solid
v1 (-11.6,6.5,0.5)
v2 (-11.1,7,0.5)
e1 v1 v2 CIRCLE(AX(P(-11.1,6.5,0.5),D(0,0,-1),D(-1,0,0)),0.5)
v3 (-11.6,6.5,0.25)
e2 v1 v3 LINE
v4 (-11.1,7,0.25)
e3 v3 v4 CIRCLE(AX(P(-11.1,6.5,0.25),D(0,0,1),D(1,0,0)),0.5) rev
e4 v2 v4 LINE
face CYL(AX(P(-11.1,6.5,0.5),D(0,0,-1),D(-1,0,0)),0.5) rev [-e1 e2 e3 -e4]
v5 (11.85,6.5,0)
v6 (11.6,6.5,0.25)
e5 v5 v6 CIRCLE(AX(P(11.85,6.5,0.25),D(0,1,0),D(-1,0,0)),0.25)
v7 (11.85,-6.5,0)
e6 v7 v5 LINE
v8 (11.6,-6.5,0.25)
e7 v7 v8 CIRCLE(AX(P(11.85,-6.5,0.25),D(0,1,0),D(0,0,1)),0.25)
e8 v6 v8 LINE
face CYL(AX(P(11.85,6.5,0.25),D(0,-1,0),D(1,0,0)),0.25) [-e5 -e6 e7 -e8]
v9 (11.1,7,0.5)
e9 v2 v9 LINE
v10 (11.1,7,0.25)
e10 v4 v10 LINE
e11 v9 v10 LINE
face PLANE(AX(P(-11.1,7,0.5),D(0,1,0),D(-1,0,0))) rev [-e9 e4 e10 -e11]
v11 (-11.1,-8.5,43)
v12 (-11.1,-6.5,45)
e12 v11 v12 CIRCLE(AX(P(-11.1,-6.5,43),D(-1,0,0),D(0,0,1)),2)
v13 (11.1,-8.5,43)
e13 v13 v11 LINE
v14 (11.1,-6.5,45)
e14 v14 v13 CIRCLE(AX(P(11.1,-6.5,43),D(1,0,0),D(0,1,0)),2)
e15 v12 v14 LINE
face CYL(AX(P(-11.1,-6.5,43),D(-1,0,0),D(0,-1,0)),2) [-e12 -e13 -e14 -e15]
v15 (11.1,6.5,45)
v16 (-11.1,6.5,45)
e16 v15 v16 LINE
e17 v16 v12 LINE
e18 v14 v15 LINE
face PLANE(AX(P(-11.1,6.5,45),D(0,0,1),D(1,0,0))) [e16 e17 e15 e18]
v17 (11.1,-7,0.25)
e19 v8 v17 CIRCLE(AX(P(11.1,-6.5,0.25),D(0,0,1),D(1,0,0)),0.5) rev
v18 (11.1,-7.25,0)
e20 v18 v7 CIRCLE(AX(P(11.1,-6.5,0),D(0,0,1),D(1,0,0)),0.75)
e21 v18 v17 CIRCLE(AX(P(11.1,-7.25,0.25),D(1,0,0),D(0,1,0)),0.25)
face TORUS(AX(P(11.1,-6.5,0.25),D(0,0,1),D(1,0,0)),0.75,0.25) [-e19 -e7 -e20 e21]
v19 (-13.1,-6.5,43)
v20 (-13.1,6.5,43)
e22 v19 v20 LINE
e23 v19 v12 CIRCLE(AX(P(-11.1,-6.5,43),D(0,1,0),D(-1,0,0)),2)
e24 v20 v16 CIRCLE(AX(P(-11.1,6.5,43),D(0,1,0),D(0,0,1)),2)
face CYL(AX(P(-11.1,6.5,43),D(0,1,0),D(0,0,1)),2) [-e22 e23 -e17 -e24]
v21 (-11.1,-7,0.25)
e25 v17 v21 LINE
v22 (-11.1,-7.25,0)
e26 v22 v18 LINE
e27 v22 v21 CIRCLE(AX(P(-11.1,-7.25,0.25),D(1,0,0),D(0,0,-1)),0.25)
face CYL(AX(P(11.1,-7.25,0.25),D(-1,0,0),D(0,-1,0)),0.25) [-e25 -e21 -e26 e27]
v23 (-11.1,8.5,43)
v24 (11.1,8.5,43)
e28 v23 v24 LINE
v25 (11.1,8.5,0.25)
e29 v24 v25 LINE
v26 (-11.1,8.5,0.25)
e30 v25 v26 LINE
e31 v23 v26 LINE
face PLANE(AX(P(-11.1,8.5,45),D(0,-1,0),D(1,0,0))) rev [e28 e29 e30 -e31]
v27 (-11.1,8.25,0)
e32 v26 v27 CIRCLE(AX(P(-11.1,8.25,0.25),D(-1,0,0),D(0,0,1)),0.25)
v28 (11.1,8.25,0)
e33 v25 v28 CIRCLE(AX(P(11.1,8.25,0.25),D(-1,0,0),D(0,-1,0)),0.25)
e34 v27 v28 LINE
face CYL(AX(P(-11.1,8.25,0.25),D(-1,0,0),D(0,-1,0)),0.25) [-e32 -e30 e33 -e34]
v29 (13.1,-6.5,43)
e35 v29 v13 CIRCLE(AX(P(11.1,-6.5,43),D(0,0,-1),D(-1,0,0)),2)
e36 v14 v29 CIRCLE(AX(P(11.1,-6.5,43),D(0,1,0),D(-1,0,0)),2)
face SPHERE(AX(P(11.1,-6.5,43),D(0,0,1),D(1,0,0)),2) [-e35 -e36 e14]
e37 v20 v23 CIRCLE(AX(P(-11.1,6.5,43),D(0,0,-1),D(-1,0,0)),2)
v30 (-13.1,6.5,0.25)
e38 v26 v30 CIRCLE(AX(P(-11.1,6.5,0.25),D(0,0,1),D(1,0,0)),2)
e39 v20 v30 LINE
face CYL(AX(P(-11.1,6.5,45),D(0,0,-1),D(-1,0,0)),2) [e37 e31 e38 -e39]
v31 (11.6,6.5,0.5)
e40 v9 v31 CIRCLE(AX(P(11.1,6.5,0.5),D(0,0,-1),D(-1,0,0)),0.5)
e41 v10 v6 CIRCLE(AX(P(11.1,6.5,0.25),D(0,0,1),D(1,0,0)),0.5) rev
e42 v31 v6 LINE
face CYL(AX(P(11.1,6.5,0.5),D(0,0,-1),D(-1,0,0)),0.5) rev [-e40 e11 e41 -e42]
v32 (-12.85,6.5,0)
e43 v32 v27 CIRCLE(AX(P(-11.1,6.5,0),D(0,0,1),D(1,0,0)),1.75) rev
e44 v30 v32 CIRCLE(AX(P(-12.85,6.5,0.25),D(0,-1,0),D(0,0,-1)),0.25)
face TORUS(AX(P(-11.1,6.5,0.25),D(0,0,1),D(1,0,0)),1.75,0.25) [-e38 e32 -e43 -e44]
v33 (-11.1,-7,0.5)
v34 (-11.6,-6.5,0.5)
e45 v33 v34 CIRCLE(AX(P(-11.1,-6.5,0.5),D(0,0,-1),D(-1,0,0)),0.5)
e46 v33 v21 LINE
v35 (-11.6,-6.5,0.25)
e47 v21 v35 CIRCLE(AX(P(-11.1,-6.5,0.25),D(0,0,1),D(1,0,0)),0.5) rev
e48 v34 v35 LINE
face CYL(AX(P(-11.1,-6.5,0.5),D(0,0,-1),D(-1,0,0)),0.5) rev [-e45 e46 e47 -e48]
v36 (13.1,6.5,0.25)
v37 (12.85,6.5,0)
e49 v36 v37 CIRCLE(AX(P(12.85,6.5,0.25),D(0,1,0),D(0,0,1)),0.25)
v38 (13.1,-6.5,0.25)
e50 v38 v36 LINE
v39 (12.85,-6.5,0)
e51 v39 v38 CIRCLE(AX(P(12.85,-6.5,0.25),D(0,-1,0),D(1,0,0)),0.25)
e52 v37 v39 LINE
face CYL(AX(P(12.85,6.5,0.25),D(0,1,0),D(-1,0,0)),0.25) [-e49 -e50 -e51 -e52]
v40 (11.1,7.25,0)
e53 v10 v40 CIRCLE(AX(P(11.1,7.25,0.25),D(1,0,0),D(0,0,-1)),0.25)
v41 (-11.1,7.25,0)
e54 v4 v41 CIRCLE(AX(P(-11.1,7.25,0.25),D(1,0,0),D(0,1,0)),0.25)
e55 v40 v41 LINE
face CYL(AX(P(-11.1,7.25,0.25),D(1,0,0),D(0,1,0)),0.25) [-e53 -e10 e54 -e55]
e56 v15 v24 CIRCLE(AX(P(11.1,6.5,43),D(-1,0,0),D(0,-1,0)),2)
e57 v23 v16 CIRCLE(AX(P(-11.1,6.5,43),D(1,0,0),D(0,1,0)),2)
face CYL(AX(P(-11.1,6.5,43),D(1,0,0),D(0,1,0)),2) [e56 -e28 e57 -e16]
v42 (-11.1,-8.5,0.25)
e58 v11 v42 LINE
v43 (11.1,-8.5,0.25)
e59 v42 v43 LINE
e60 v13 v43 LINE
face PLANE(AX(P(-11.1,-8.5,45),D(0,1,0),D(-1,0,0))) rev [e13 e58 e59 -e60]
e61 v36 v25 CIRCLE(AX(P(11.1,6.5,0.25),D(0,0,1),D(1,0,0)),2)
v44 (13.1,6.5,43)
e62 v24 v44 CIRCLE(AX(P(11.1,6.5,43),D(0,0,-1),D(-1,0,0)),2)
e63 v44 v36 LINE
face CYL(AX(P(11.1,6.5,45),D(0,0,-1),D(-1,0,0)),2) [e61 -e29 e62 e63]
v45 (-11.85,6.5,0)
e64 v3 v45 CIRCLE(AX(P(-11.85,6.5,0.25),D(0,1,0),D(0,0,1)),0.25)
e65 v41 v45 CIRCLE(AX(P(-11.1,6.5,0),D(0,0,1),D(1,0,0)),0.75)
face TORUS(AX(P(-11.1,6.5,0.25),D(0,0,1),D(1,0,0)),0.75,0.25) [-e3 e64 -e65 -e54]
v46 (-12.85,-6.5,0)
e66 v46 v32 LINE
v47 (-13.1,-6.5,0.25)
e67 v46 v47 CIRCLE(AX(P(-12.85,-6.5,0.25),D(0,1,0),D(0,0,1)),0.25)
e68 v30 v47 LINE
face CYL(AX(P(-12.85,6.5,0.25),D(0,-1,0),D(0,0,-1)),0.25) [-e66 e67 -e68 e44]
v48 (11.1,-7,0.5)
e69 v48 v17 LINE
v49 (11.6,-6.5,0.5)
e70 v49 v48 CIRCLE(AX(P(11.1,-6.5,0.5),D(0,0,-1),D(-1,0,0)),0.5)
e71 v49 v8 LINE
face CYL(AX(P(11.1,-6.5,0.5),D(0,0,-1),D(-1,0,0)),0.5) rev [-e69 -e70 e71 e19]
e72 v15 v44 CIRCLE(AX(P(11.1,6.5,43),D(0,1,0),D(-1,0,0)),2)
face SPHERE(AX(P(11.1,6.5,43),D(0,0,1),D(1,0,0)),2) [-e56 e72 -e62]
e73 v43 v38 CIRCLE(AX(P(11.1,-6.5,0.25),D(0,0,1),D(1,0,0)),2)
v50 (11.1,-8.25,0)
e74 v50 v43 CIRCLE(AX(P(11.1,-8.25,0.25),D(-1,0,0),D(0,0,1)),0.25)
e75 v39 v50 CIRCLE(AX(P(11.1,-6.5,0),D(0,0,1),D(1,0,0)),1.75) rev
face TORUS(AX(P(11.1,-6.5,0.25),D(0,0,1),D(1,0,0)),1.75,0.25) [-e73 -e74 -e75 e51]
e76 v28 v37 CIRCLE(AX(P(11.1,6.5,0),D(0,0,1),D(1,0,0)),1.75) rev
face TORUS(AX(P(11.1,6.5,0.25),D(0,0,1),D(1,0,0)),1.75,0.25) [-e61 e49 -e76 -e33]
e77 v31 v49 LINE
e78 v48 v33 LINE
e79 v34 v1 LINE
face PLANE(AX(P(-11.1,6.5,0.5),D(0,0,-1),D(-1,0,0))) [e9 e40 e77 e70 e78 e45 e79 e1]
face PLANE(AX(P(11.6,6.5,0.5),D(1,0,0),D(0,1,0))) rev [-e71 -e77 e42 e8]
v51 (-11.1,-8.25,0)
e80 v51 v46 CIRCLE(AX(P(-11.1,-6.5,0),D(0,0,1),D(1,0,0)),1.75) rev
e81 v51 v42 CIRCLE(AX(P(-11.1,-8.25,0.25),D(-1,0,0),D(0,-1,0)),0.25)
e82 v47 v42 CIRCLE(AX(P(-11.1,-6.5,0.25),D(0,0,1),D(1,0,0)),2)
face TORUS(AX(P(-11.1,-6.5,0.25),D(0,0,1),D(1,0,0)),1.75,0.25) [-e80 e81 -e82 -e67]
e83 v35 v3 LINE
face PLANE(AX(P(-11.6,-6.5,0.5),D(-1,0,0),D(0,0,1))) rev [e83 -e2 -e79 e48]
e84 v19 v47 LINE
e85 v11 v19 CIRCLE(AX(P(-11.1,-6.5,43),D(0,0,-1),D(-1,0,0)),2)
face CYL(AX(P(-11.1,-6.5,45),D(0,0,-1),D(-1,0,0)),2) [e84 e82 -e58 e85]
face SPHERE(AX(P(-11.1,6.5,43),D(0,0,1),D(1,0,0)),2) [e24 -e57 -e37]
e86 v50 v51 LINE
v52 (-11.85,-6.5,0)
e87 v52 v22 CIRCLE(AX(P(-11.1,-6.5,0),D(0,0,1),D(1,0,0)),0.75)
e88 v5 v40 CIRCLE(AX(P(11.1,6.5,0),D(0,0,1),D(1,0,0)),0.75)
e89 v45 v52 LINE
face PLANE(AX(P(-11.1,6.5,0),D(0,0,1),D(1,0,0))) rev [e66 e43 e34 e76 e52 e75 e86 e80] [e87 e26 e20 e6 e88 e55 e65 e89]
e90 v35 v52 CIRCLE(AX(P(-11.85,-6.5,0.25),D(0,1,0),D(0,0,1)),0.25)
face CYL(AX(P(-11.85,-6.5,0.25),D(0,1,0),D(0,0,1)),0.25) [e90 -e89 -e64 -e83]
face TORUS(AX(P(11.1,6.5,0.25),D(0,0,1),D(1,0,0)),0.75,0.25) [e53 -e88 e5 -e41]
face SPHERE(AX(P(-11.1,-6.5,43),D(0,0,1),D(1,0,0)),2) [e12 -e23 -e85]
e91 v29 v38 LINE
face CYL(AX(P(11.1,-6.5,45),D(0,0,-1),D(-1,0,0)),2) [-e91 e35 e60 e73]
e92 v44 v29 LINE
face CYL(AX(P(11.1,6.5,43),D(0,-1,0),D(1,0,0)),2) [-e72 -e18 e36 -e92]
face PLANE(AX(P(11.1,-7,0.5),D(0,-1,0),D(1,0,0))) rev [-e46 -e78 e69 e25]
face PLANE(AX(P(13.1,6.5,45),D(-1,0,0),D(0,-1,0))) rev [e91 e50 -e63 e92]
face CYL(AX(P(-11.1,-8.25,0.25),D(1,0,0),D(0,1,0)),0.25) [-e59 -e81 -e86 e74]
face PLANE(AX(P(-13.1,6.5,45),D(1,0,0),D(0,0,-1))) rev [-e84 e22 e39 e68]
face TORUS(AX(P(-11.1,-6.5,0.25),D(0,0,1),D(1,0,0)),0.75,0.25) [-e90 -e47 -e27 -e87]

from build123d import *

# Parameters (mm, degrees)
BOSS_EXTRU_1_DEPTH      = 45
ENL_V_MAT_EXTRU_1_DEPTH = 0.5
CONG_1_R                = 0.25
CONG_2_R                = 2


with BuildPart() as part:
    # Esquisse1 → Boss.-Extru.1 (new body)
    with BuildSketch(Plane.XY):
        with BuildLine():
            Line((-11.1, 8.5), (11.1, 8.5))
            ThreePointArc((11.1, 8.5), (12.514213562, 7.914213562), (13.1, 6.5))
            Line((13.1, 6.5), (13.1, -6.5))
            ThreePointArc((13.1, -6.5), (12.514213562, -7.914213562), (11.1, -8.5))
            Line((11.1, -8.5), (-11.1, -8.5))
            ThreePointArc((-11.1, -8.5), (-12.514213562, -7.914213562), (-13.1, -6.5))
            Line((-13.1, -6.5), (-13.1, 6.5))
            ThreePointArc((-13.1, 6.5), (-12.514213562, 7.914213562), (-11.1, 8.5))
        make_face()
    extrude(amount=BOSS_EXTRU_1_DEPTH)

    # Esquisse2 → Enlèv. mat.-Extru.1 (cut)
    with BuildSketch(Plane(origin=(0, 0, 0), x_dir=(-1, 0, 0), z_dir=(0, 0, -1))):
        with BuildLine():
            Line((11.6, -6.5), (11.6, 6.5))
            ThreePointArc((11.6, 6.5), (11.453553391, 6.853553391), (11.1, 7))
            Line((11.1, 7), (-11.1, 7))
            ThreePointArc((-11.1, 7), (-11.453553391, 6.853553391), (-11.6, 6.5))
            Line((-11.6, 6.5), (-11.6, -6.5))
            ThreePointArc((-11.6, -6.5), (-11.453553391, -6.853553391), (-11.1, -7))
            Line((-11.1, -7), (11.1, -7))
            ThreePointArc((11.1, -7), (11.453553391, -6.853553391), (11.6, -6.5))
        make_face()
    extrude(amount=-ENL_V_MAT_EXTRU_1_DEPTH, mode=Mode.SUBTRACT)

    # Congé1
    cong_1_edges = [part.edges().sort_by_distance(p)[0] for p in [
        (-13.1, 0, 0),
        (-12.514213562, 7.914213562, 0),
        (-11.453553391, 6.853553391, 0),
        (0, 7, 0),
        (11.453553391, 6.853553391, 0),
        (11.6, 0, 0),
        (11.453553391, -6.853553391, 0),
        (0, -7, 0),
        (-11.453553391, -6.853553391, 0),
        (-11.6, 0, 0),
        (0, 8.5, 0),
        (12.514213562, 7.914213562, 0),
        (13.1, 0, 0),
        (12.514213562, -7.914213562, 0),
        (0, -8.5, 0),
        (-12.514213562, -7.914213562, 0),
    ]]
    fillet(cong_1_edges, radius=CONG_1_R)

    # Congé2
    cong_2_edges = [part.edges().sort_by_distance(p)[0] for p in [
        (-12.514213562, -7.914213562, 45),
        (0, -8.5, 45),
        (12.514213562, -7.914213562, 45),
        (13.1, 0, 45),
        (12.514213562, 7.914213562, 45),
        (0, 8.5, 45),
        (-12.514213562, 7.914213562, 45),
        (-13.1, 0, 45),
    ]]
    fillet(cong_2_edges, radius=CONG_2_R)


solid = part.part
